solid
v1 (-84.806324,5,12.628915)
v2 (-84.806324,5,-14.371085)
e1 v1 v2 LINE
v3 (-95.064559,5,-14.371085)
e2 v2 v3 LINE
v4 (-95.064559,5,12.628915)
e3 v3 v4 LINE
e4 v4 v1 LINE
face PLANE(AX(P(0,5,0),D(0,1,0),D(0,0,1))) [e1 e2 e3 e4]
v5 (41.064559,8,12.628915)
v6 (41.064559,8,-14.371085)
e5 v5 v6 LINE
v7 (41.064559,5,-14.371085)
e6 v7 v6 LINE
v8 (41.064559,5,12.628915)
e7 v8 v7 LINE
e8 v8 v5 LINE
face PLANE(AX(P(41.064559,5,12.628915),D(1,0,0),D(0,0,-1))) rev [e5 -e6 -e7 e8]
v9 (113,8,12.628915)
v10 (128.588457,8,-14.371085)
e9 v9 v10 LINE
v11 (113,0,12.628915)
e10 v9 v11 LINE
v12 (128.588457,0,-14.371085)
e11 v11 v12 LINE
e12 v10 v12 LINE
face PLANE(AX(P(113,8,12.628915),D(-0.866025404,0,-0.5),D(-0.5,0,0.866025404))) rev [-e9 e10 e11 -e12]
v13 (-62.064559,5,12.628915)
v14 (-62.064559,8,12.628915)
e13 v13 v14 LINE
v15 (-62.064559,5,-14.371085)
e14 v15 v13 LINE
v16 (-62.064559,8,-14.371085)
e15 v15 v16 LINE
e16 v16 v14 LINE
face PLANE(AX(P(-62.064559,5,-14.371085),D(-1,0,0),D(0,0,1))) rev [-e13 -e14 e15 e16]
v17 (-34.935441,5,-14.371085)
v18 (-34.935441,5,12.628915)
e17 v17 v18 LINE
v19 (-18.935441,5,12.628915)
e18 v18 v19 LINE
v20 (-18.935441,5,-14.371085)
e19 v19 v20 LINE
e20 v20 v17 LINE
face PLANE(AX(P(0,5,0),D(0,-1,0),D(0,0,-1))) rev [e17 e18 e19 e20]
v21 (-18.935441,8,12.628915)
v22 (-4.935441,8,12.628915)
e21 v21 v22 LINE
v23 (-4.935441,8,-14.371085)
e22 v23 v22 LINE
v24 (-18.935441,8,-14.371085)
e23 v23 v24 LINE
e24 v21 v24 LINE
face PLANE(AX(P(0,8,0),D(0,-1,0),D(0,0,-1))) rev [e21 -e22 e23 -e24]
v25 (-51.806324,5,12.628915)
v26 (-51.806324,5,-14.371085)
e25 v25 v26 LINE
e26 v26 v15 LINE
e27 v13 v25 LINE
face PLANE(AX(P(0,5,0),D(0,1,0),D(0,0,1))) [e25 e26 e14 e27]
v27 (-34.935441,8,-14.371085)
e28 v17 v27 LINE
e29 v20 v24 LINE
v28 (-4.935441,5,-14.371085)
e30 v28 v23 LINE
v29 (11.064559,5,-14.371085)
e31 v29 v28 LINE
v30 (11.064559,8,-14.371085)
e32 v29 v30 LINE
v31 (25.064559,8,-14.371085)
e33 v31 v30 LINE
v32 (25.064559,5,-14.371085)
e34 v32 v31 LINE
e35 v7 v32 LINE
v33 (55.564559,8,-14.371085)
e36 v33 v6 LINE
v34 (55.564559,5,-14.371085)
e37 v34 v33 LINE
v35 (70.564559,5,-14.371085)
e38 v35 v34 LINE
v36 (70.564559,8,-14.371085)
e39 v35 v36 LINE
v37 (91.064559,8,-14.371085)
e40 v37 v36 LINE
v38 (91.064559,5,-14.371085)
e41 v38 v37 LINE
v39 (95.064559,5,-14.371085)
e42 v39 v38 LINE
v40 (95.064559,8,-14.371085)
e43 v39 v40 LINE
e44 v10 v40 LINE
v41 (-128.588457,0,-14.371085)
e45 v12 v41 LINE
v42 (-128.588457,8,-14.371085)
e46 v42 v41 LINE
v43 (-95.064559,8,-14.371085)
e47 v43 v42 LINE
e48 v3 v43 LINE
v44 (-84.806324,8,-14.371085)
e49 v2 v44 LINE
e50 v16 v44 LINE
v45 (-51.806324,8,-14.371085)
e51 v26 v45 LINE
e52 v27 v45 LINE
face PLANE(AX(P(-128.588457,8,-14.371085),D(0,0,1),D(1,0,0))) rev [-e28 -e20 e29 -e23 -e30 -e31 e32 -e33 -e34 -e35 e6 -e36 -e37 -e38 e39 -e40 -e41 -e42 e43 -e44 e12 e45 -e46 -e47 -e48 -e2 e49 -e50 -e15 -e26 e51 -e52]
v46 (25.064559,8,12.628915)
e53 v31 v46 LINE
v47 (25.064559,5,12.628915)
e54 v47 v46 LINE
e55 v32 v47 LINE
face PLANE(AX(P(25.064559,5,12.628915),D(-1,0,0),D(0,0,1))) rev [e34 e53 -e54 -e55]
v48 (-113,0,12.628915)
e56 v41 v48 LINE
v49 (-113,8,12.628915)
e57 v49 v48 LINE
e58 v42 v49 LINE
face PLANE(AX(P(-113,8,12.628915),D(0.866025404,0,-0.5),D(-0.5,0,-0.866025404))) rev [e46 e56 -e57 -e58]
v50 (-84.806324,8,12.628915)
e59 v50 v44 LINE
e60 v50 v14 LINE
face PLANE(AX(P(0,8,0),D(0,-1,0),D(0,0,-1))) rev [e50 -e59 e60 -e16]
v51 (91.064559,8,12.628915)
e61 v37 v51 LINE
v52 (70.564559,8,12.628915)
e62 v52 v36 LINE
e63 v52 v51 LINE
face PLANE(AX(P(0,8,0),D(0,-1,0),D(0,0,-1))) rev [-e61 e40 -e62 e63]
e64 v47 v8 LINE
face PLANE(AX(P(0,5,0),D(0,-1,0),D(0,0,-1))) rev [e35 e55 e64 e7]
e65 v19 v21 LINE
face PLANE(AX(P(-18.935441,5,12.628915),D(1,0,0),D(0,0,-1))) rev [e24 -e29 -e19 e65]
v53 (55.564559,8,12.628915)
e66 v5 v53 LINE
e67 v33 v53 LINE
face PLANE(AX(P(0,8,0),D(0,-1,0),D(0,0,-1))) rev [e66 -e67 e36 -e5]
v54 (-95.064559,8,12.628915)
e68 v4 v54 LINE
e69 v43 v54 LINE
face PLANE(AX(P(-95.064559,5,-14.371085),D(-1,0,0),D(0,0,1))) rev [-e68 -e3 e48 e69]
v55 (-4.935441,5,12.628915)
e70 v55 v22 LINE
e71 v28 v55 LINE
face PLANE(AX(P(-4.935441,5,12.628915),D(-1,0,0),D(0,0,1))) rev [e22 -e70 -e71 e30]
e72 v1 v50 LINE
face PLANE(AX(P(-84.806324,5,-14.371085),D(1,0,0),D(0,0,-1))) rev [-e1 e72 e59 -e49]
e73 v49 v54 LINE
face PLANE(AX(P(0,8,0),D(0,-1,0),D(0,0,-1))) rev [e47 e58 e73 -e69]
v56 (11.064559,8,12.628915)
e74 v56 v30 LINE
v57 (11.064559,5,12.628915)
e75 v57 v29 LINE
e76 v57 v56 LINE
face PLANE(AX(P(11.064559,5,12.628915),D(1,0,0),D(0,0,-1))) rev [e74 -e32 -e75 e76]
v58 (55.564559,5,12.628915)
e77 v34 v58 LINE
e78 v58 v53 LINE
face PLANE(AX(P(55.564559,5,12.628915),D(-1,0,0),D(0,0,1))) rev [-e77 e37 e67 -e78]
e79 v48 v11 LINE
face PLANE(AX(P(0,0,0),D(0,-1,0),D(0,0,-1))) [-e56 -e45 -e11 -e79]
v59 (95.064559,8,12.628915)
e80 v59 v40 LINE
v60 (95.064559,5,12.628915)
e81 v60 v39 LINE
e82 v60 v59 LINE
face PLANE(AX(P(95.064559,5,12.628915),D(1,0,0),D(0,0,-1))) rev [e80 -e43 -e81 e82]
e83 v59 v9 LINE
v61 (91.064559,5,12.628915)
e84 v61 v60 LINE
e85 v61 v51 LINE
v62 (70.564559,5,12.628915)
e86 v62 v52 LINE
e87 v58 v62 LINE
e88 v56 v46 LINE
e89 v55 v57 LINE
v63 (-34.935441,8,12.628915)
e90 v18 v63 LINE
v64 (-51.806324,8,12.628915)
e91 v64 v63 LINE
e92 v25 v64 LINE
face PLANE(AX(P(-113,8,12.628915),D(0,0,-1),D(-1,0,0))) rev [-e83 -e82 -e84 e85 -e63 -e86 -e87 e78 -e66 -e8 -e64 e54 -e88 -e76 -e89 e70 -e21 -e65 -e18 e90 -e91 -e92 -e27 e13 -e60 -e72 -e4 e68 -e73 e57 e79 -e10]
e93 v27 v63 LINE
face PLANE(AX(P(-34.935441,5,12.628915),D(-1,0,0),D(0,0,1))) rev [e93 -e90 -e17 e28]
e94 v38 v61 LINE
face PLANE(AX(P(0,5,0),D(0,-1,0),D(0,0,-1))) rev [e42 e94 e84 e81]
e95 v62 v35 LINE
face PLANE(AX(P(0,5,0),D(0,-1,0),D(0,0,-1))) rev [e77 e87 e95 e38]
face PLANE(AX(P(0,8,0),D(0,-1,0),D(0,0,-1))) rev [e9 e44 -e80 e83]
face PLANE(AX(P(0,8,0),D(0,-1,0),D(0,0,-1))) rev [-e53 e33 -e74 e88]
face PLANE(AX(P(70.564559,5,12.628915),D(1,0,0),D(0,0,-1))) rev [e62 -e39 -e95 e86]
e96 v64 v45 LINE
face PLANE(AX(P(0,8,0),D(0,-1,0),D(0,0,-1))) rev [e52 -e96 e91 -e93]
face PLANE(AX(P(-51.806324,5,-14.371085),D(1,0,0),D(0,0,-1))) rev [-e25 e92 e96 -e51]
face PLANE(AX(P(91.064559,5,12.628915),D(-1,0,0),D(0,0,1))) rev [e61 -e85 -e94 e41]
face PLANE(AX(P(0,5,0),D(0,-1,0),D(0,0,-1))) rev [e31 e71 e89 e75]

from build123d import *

# Parameters (mm, degrees)
BOSS_EXTRUDE1_DEPTH = 8
SKETCH4_W           = 10.258234737
SKETCH4_H           = 27
SKETCH4_W_2         = 16
SKETCH4_W_3         = 15
SKETCH4_W_4         = 4
CUT_EXTRUDE1_DEPTH  = 3


with BuildPart() as part:
    # Sketch1 → Boss-Extrude1 (new body)
    with BuildSketch(Plane(origin=(0, 0, 0), x_dir=(1, 0, 0), z_dir=(0, 1, 0))):
        Polygon((-113, -12.62891462), (113, -12.62891462), (128.588457268, 14.37108538), (-128.588457268, 14.37108538), align=None)
    extrude(amount=BOSS_EXTRUDE1_DEPTH)

    # Sketch4 → Cut-Extrude1 (cut)
    with BuildSketch(Plane(origin=(0, 8, 0), x_dir=(1, 0, 0), z_dir=(0, 1, 0))):
        with Locations((-56.935441316, 0.87108538)):
            Rectangle(SKETCH4_W, SKETCH4_H)
        with Locations((-89.935441316, 0.87108538)):
            Rectangle(SKETCH4_W, SKETCH4_H)
        with Locations((-26.935441316, 0.87108538)):
            Rectangle(SKETCH4_W_2, SKETCH4_H)
        with Locations((3.064558684, 0.87108538)):
            Rectangle(SKETCH4_W_2, SKETCH4_H)
        with Locations((33.064558684, 0.87108538)):
            Rectangle(SKETCH4_W_2, SKETCH4_H)
        with Locations((63.064558684, 0.87108538)):
            Rectangle(SKETCH4_W_3, SKETCH4_H)
        with Locations((93.064558684, 0.87108538)):
            Rectangle(SKETCH4_W_4, SKETCH4_H)
    extrude(amount=-CUT_EXTRUDE1_DEPTH, mode=Mode.SUBTRACT)


solid = part.part
